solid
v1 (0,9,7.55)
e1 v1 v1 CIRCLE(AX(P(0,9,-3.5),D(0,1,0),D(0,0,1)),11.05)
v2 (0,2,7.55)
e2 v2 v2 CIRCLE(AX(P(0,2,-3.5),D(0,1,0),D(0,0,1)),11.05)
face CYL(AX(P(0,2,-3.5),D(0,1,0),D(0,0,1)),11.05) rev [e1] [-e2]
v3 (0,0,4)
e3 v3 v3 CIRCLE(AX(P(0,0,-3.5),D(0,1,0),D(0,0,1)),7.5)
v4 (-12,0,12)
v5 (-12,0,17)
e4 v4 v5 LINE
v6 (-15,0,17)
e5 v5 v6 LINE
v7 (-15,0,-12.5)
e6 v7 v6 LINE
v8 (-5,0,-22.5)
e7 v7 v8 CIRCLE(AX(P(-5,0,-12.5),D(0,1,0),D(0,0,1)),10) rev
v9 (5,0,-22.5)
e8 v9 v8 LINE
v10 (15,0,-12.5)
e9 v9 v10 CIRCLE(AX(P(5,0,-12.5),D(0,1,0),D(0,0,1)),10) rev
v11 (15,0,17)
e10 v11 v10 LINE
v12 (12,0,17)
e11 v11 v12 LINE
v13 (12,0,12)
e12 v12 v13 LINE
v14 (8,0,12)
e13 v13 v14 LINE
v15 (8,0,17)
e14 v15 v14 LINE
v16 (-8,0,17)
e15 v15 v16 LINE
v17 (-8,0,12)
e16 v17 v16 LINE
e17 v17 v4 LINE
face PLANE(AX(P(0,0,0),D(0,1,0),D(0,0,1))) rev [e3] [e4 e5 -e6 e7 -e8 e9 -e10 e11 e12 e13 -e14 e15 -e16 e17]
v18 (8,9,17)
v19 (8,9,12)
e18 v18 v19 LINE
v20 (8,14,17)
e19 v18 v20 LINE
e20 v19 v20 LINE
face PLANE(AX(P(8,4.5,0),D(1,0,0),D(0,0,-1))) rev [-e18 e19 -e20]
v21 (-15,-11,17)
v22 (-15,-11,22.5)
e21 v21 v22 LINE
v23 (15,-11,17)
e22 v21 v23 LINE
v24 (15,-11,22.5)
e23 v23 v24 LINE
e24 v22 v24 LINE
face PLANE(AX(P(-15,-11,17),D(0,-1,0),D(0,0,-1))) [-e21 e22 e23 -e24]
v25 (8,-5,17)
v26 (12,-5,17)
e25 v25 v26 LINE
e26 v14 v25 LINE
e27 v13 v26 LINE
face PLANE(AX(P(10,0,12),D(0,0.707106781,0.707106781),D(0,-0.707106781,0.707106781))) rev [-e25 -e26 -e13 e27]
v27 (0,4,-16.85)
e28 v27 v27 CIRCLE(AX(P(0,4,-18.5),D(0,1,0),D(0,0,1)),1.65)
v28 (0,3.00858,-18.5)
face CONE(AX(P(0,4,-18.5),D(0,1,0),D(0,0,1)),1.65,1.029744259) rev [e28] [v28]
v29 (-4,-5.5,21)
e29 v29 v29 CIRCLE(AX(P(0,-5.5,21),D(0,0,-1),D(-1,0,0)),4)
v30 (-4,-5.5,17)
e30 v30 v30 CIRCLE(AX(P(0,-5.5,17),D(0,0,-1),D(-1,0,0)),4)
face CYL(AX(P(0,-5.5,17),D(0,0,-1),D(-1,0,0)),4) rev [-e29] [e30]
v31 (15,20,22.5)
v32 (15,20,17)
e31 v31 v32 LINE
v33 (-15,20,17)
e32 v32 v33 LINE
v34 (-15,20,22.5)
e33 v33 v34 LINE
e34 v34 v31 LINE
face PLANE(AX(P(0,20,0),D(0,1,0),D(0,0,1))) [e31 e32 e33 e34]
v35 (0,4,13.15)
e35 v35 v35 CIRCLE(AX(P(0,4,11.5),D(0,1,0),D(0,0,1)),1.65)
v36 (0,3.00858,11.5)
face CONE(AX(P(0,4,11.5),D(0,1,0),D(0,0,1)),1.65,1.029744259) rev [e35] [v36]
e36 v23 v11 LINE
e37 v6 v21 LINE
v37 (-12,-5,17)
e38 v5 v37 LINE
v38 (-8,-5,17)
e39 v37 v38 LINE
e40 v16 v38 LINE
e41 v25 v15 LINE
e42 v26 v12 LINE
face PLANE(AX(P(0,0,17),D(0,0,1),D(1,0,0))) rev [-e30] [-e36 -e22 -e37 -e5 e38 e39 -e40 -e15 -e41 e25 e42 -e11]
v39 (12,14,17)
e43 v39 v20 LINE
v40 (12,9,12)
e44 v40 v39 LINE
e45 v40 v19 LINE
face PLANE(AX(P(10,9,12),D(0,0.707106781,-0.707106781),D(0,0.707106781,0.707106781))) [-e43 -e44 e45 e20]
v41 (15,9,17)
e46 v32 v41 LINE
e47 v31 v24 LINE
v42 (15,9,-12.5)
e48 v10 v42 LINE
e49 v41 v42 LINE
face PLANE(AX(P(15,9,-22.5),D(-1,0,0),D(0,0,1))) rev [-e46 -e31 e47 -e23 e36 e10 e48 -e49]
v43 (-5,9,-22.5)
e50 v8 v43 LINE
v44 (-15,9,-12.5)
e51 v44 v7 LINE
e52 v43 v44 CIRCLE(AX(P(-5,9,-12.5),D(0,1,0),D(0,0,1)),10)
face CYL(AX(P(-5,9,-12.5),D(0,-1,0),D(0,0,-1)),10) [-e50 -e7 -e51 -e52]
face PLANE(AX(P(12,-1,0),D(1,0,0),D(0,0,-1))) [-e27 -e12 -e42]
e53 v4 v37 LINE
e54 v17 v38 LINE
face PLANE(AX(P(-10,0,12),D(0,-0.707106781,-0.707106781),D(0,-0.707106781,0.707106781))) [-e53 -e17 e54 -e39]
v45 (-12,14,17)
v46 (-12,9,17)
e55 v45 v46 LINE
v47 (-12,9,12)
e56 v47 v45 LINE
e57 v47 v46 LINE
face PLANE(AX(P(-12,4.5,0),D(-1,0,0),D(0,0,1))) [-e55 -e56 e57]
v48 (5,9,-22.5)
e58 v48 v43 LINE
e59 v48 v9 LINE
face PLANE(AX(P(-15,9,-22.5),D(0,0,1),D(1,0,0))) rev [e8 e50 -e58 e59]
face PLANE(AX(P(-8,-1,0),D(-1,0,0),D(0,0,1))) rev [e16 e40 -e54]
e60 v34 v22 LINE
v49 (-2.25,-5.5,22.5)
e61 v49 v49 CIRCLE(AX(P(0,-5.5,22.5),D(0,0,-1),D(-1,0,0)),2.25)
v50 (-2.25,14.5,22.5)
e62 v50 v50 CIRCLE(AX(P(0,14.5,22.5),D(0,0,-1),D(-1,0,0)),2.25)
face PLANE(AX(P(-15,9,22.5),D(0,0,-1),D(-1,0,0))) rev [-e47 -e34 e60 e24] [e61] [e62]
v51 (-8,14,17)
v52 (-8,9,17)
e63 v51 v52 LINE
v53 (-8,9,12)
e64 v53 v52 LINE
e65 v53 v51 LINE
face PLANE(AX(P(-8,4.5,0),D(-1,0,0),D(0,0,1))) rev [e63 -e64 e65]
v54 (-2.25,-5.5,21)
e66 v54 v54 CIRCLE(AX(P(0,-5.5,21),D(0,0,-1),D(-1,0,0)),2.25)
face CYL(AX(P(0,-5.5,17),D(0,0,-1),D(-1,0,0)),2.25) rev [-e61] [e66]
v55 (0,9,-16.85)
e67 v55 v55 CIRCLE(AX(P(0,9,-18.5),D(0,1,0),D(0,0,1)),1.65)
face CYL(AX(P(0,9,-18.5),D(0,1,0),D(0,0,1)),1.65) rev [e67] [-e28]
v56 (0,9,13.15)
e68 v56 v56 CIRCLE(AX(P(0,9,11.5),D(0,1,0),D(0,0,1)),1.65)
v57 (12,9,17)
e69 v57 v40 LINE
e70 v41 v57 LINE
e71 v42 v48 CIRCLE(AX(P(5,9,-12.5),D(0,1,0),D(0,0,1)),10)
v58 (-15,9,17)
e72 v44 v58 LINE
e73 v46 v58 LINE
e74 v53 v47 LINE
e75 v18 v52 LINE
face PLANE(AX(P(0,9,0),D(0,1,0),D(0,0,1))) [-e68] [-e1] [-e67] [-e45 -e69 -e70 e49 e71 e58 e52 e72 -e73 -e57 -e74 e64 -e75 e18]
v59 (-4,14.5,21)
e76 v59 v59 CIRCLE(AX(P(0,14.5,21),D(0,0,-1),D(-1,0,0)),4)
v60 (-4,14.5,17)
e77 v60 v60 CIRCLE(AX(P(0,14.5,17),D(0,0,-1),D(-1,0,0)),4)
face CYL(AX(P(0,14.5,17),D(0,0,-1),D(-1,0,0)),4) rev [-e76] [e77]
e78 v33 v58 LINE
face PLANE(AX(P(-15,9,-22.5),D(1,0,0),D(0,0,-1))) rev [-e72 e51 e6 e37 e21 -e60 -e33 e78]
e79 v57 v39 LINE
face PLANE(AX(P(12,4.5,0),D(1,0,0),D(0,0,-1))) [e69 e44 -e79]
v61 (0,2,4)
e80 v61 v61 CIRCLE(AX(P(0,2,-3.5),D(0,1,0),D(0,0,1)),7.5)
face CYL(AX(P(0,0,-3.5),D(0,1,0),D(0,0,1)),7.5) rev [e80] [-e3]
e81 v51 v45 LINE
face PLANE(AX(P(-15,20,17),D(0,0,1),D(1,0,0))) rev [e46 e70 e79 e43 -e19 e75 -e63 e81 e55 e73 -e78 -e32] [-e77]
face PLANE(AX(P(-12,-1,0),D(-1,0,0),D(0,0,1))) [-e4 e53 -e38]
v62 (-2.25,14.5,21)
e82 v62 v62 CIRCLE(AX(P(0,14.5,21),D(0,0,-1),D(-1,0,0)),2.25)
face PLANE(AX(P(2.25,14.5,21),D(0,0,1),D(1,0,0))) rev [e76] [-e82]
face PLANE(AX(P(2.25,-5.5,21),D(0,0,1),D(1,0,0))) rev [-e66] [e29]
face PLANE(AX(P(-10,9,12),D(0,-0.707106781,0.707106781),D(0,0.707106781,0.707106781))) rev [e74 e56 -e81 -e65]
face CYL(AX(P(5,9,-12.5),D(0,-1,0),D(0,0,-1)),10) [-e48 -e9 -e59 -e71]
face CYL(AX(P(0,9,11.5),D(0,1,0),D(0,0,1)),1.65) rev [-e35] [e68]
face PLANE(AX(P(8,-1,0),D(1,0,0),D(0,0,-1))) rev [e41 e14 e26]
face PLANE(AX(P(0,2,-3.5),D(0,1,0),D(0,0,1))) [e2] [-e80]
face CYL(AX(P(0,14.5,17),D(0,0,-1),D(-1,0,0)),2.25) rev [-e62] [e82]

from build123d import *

# Parameters (mm, degrees)
SKETCH2_W                      = 30
SKETCH2_H                      = 45
BOSS_EXTRUDE1_DEPTH            = 9
SKETCH3_R                      = 11.05
CUT_EXTRUDE1_DEPTH             = 7
SKETCH4_R                      = 7.5
CUT_EXTRUDE2_DEPTH             = 28.932955447
FILLET1_R                      = 10
SKETCH5_W                      = 30
SKETCH5_H                      = 11
BOSS_EXTRUDE2_DEPTH            = 5.5
CBORE_FOR_M4_SHCS1_D           = 4.5
CBORE_FOR_M4_SHCS1_CBORE_D     = 8
CBORE_FOR_M4_SHCS1_CBORE_DEPTH = 4
RIB1_REACH                     = 37.387
SKETCH10_WALL_W                = 79.845356928
SKETCH10_WALL_H                = 4
F_3_3_3_3_DIAMETER_HOLE1_D     = 3.3
F_3_3_3_3_DIAMETER_HOLE1_DEPTH = 5
F_3_3_3_3_DIAMETER_HOLE1_TIP   = 0.991420021
SKETCH14_W                     = 30
SKETCH14_H                     = 5.5
BOSS_EXTRUDE3_DEPTH            = 11
MIRROR2_COPY_1_REACH           = 37.387
MIRROR2_COPY_1_SKETCH_W        = 79.845356928
MIRROR2_COPY_1_SKETCH_H        = 4


with BuildPart() as part:
    # Sketch2 → Boss-Extrude1 (new body)
    with BuildSketch(Plane(origin=(0, 0, 0), x_dir=(1, 0, 0), z_dir=(0, 1, 0))):
        Rectangle(SKETCH2_W, SKETCH2_H)
    extrude(amount=BOSS_EXTRUDE1_DEPTH)

    # Sketch3 → Cut-Extrude1 (cut)
    with BuildSketch(Plane(origin=(0, 9, 0), x_dir=(1, 0, 0), z_dir=(0, 1, 0))):
        with Locations(Location((0, 3.5, 0), (0, 0, 270))):
            Circle(SKETCH3_R)
    extrude(amount=-CUT_EXTRUDE1_DEPTH, mode=Mode.SUBTRACT)

    # Sketch4 → Cut-Extrude2 (cut, through all)
    with BuildSketch(Plane(origin=(0, 2, 0), x_dir=(1, 0, 0), z_dir=(0, 1, 0))):
        with Locations(Location((0, 3.5, 0), (0, 0, 270))):
            Circle(SKETCH4_R)
    extrude(amount=-CUT_EXTRUDE2_DEPTH, mode=Mode.SUBTRACT)

    # Fillet1
    fillet1_edges = [part.edges().sort_by_distance(p)[0] for p in [
        (-15, 4.5, -22.5),
        (15, 4.5, -22.5),
    ]]
    fillet(fillet1_edges, radius=FILLET1_R)

    # Sketch5 → Boss-Extrude2 (add)
    with BuildSketch(Plane.XY.offset(22.5)):
        with Locations((0, -5.5)):
            Rectangle(SKETCH5_W, SKETCH5_H)
    extrude(amount=-BOSS_EXTRUDE2_DEPTH)

    # CBORE for M4 SHCS1 (through all)
    with Locations(Plane(origin=(0, 0, 17), x_dir=(-1, 0, 0), z_dir=(0, 0, -1))):
        with Locations((0, -5.5)):
            cbore_for_m4_shcs1 = CounterBoreHole(CBORE_FOR_M4_SHCS1_D / 2, CBORE_FOR_M4_SHCS1_CBORE_D / 2, CBORE_FOR_M4_SHCS1_CBORE_DEPTH)

    # Sketch10 wall → Rib1 (add, up to next)
    with BuildSketch(Plane(origin=(-10, -2.5, 14.5), x_dir=(0, -0.707106781187, 0.707106781187), z_dir=(0, 0.707106781187, 0.707106781187)), mode=Mode.PRIVATE) as rib1_sk1:
        Rectangle(SKETCH10_WALL_W, SKETCH10_WALL_H)
    rib1_tool1 = extrude(rib1_sk1.sketch, amount=RIB1_REACH, mode=Mode.PRIVATE) - part.part
    rib1 = rib1_tool1.solids().sort_by_distance((-10, -2.5, 14.5))[0]
    add(rib1)

    # Mirror1: Rib1 across plane
    add(rib1.mirror(Plane(origin=(0, 0, 0), x_dir=(0, 0, 1), z_dir=(1, 0, 0))))

    # Ø3.3 (3.3) Diameter Hole1
    with Locations(Plane(origin=(0, 9, 0), x_dir=(1, 0, 0), z_dir=(0, 1, 0))):
        with Locations((0, -11.5), (0, 3.5), (0, 18.5)):
            Hole(F_3_3_3_3_DIAMETER_HOLE1_D / 2, depth=F_3_3_3_3_DIAMETER_HOLE1_DEPTH)
            with Locations((0, 0, -(F_3_3_3_3_DIAMETER_HOLE1_DEPTH + F_3_3_3_3_DIAMETER_HOLE1_TIP / 2))):  # 118° drill point
                Cone(0, F_3_3_3_3_DIAMETER_HOLE1_D / 2, F_3_3_3_3_DIAMETER_HOLE1_TIP, mode=Mode.SUBTRACT)

    # Sketch14 → Boss-Extrude3 (add)
    with BuildSketch(Plane(origin=(0, 9, 0), x_dir=(1, 0, 0), z_dir=(0, 1, 0))):
        with Locations((0, -19.75)):
            Rectangle(SKETCH14_W, SKETCH14_H)
    extrude(amount=BOSS_EXTRUDE3_DEPTH)

    # Mirror2: Rib1 across plane
    add(rib1.mirror(Plane(origin=(0, 4.5, 0), x_dir=(0, 0, 1), z_dir=(0, -1, 0))))

    # Mirror2 copy 1 sketch → Mirror2 copy 1 (add, up to next)
    with BuildSketch(Plane(origin=(10, 11.5, 14.5), x_dir=(0, 0.707106781187, 0.707106781187), z_dir=(0, -0.707106781187, 0.707106781187)), mode=Mode.PRIVATE) as mirror2_copy_1_sk1:
        Rectangle(MIRROR2_COPY_1_SKETCH_W, MIRROR2_COPY_1_SKETCH_H)
    mirror2_copy_1_tool1 = extrude(mirror2_copy_1_sk1.sketch, amount=MIRROR2_COPY_1_REACH, mode=Mode.PRIVATE) - part.part
    add(mirror2_copy_1_tool1.solids().sort_by_distance((10, 11.5, 14.5))[0])

    # Mirror3: CBORE for M4 SHCS1 across plane
    add(cbore_for_m4_shcs1.mirror(Plane(origin=(0, 4.5, 0), x_dir=(0, 0, 1), z_dir=(0, -1, 0))), mode=Mode.SUBTRACT)


solid = part.part
